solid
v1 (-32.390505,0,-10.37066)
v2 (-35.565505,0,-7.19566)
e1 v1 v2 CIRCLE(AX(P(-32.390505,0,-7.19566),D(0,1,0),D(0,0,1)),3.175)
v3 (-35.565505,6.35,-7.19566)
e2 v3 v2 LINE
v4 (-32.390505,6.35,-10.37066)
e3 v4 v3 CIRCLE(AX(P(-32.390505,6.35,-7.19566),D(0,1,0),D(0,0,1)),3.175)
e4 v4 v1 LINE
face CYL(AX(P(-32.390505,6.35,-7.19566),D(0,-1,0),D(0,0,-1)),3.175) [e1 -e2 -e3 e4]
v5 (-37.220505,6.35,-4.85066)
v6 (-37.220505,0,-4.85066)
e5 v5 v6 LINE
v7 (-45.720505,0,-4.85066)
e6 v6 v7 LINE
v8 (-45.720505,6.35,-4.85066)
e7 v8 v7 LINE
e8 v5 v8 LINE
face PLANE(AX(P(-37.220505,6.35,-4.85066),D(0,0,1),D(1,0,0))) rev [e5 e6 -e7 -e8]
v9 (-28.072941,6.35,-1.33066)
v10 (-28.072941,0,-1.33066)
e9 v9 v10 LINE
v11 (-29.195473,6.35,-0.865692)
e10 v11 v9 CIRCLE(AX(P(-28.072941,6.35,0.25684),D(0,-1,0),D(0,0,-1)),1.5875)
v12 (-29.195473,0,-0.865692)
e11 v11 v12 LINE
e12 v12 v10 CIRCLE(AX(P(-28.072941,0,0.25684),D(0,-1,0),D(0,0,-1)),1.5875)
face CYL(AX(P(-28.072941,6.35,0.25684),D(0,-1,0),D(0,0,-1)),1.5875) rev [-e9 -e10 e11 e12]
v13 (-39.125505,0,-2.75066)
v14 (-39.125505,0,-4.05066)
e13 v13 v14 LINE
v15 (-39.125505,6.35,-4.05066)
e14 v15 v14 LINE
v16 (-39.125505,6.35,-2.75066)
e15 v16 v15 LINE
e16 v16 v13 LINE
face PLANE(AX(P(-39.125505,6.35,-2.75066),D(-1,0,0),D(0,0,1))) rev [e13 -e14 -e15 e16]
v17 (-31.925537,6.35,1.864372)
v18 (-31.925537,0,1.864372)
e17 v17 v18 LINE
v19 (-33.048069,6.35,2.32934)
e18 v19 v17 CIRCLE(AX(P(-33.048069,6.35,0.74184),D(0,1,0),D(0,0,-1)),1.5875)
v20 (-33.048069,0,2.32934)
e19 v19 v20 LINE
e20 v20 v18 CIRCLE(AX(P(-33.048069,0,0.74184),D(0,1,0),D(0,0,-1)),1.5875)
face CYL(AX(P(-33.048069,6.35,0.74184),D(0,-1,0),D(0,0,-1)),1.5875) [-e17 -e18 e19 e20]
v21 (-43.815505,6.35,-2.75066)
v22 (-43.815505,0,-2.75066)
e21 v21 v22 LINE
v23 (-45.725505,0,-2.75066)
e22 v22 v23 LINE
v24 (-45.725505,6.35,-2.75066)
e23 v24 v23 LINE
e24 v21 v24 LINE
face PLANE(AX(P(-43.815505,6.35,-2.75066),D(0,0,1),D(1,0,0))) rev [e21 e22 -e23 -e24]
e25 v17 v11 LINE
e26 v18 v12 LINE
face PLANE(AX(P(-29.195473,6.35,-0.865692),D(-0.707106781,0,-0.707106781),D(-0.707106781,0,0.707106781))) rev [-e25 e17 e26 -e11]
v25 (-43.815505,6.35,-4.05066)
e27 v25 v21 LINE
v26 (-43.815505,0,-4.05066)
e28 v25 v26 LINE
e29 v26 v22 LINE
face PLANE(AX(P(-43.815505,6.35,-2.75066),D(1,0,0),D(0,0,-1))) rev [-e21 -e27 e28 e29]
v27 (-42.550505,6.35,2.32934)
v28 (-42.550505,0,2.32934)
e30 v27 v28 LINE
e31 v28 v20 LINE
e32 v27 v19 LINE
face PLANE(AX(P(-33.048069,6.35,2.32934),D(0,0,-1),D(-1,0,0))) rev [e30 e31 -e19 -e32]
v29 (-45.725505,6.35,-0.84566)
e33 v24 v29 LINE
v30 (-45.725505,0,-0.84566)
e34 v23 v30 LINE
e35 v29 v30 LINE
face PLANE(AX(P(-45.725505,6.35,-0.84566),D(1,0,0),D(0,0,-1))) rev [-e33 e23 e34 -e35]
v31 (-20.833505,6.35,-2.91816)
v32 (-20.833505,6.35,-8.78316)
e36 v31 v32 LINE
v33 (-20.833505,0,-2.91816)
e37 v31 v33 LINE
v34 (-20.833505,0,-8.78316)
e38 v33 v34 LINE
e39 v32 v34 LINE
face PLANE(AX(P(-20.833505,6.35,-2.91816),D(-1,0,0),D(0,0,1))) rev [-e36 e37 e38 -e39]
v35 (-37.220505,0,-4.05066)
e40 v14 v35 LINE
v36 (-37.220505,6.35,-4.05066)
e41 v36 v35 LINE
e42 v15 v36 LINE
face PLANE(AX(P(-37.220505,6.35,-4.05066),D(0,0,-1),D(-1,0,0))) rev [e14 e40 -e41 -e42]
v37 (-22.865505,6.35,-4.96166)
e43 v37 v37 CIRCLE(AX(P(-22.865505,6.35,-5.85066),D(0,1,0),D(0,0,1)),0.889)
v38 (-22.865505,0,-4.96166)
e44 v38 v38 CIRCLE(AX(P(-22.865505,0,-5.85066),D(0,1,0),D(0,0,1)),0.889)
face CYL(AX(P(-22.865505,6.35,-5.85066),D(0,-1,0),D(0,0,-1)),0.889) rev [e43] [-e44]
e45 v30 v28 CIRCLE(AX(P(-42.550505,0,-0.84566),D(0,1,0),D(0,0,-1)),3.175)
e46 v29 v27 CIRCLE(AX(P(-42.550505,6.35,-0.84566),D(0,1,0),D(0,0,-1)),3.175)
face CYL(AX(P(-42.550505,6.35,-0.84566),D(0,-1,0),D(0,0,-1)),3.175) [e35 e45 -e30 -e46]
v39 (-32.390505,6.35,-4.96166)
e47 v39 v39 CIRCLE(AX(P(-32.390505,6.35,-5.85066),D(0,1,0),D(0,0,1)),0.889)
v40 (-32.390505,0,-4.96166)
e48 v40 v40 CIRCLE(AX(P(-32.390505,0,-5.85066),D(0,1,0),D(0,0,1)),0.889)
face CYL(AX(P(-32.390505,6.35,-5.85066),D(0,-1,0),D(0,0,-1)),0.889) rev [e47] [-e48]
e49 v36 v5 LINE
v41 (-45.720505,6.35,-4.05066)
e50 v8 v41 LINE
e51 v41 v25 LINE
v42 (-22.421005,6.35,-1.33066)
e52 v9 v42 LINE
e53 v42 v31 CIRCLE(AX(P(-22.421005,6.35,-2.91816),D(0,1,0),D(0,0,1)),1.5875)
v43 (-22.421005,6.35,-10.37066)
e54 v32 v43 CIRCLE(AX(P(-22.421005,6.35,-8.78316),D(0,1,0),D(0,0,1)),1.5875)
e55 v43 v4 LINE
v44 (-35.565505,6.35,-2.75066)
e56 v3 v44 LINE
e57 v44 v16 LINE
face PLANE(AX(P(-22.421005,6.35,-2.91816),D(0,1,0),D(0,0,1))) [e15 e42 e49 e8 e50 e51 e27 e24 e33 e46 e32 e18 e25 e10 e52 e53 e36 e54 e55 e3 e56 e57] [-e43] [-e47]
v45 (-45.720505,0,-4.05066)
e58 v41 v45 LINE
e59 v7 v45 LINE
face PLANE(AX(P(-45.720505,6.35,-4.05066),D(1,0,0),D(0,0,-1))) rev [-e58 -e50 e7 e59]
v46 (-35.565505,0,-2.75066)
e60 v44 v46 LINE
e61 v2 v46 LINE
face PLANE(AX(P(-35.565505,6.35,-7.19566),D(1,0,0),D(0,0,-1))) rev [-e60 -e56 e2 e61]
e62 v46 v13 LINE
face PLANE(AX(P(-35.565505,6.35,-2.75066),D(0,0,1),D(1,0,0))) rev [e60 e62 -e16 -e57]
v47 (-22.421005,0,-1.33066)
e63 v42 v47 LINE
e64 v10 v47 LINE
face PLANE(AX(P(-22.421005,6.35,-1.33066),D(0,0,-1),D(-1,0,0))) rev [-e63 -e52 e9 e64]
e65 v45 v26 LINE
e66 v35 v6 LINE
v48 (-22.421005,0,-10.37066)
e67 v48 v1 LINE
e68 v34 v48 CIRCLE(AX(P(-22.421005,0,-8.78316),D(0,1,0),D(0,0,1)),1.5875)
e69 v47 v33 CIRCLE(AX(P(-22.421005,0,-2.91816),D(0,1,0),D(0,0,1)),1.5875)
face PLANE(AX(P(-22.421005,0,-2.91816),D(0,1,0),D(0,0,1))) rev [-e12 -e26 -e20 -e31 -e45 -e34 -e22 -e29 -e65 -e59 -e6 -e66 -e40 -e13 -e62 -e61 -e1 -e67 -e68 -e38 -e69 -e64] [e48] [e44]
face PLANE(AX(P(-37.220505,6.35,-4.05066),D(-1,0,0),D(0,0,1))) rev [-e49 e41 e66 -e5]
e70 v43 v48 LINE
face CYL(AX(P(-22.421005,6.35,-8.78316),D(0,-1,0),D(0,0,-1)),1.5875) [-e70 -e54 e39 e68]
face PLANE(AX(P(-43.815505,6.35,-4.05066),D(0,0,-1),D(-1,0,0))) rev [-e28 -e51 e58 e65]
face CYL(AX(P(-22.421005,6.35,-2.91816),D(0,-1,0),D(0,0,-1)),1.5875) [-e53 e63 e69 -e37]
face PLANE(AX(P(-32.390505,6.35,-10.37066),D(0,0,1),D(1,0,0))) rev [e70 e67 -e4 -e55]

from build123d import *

# Parameters (mm, degrees)
SKETCH1_R           = 0.889
BOSS_EXTRUDE1_DEPTH = 6.35


with BuildPart() as part:
    # Sketch1 → Boss-Extrude1 (new body)
    with BuildSketch(Plane(origin=(0, 0, 0), x_dir=(1, 0, 0), z_dir=(0, 1, 0))):
        with BuildLine():
            Line((-32.390505008, 10.370660171), (-22.421005008, 10.370660171))
            ThreePointArc((-22.421005008, 10.370660171), (-21.298472993, 9.905692187), (-20.833505008, 8.783160171))
            Line((-20.833505008, 8.783160171), (-20.833505008, 2.918160067))
            ThreePointArc((-20.833505008, 2.918160067), (-21.298472993, 1.795628052), (-22.421005008, 1.330660067))
            Line((-22.421005008, 1.330660067), (-28.072941082, 1.330660067))
            ThreePointArc((-28.072941082, 1.330660067), (-28.680451031, 1.209818825), (-29.195473097, 0.865692083))
            Line((-29.195473097, 0.865692083), (-31.925537023, -1.864371844))
            ThreePointArc((-31.925537023, -1.864371844), (-32.440559089, -2.208498586), (-33.048069038, -2.329339829))
            Line((-33.048069038, -2.329339829), (-42.550505008, -2.329339829))
            ThreePointArc((-42.550505008, -2.329339829), (-44.795569038, -1.399403859), (-45.725505008, 0.845660171))
            Line((-45.725505008, 0.845660171), (-45.725505008, 2.750660171))
            Line((-45.725505008, 2.750660171), (-43.815505008, 2.750660171))
            Line((-43.815505008, 2.750660171), (-43.815505008, 4.050660171))
            Line((-43.815505008, 4.050660171), (-45.720505008, 4.050660171))
            Line((-45.720505008, 4.050660171), (-45.720505008, 4.850660171))
            Line((-45.720505008, 4.850660171), (-37.220505008, 4.850660171))
            Line((-37.220505008, 4.850660171), (-37.220505008, 4.050660171))
            Line((-37.220505008, 4.050660171), (-39.125505008, 4.050660171))
            Line((-39.125505008, 4.050660171), (-39.125505008, 2.750660171))
            Line((-39.125505008, 2.750660171), (-35.565505008, 2.750660171))
            Line((-35.565505008, 2.750660171), (-35.565505008, 7.195660171))
            ThreePointArc((-35.565505008, 7.195660171), (-34.635569038, 9.440724202), (-32.390505008, 10.370660171))
        make_face()
        with Locations(Location((-32.390505008, 5.850660171, 0), (0, 0, 270))):
            Circle(SKETCH1_R, mode=Mode.SUBTRACT)
        with Locations(Location((-22.865505008, 5.850660171, 0), (0, 0, 270))):
            Circle(SKETCH1_R, mode=Mode.SUBTRACT)
    extrude(amount=BOSS_EXTRUDE1_DEPTH)


solid = part.part
